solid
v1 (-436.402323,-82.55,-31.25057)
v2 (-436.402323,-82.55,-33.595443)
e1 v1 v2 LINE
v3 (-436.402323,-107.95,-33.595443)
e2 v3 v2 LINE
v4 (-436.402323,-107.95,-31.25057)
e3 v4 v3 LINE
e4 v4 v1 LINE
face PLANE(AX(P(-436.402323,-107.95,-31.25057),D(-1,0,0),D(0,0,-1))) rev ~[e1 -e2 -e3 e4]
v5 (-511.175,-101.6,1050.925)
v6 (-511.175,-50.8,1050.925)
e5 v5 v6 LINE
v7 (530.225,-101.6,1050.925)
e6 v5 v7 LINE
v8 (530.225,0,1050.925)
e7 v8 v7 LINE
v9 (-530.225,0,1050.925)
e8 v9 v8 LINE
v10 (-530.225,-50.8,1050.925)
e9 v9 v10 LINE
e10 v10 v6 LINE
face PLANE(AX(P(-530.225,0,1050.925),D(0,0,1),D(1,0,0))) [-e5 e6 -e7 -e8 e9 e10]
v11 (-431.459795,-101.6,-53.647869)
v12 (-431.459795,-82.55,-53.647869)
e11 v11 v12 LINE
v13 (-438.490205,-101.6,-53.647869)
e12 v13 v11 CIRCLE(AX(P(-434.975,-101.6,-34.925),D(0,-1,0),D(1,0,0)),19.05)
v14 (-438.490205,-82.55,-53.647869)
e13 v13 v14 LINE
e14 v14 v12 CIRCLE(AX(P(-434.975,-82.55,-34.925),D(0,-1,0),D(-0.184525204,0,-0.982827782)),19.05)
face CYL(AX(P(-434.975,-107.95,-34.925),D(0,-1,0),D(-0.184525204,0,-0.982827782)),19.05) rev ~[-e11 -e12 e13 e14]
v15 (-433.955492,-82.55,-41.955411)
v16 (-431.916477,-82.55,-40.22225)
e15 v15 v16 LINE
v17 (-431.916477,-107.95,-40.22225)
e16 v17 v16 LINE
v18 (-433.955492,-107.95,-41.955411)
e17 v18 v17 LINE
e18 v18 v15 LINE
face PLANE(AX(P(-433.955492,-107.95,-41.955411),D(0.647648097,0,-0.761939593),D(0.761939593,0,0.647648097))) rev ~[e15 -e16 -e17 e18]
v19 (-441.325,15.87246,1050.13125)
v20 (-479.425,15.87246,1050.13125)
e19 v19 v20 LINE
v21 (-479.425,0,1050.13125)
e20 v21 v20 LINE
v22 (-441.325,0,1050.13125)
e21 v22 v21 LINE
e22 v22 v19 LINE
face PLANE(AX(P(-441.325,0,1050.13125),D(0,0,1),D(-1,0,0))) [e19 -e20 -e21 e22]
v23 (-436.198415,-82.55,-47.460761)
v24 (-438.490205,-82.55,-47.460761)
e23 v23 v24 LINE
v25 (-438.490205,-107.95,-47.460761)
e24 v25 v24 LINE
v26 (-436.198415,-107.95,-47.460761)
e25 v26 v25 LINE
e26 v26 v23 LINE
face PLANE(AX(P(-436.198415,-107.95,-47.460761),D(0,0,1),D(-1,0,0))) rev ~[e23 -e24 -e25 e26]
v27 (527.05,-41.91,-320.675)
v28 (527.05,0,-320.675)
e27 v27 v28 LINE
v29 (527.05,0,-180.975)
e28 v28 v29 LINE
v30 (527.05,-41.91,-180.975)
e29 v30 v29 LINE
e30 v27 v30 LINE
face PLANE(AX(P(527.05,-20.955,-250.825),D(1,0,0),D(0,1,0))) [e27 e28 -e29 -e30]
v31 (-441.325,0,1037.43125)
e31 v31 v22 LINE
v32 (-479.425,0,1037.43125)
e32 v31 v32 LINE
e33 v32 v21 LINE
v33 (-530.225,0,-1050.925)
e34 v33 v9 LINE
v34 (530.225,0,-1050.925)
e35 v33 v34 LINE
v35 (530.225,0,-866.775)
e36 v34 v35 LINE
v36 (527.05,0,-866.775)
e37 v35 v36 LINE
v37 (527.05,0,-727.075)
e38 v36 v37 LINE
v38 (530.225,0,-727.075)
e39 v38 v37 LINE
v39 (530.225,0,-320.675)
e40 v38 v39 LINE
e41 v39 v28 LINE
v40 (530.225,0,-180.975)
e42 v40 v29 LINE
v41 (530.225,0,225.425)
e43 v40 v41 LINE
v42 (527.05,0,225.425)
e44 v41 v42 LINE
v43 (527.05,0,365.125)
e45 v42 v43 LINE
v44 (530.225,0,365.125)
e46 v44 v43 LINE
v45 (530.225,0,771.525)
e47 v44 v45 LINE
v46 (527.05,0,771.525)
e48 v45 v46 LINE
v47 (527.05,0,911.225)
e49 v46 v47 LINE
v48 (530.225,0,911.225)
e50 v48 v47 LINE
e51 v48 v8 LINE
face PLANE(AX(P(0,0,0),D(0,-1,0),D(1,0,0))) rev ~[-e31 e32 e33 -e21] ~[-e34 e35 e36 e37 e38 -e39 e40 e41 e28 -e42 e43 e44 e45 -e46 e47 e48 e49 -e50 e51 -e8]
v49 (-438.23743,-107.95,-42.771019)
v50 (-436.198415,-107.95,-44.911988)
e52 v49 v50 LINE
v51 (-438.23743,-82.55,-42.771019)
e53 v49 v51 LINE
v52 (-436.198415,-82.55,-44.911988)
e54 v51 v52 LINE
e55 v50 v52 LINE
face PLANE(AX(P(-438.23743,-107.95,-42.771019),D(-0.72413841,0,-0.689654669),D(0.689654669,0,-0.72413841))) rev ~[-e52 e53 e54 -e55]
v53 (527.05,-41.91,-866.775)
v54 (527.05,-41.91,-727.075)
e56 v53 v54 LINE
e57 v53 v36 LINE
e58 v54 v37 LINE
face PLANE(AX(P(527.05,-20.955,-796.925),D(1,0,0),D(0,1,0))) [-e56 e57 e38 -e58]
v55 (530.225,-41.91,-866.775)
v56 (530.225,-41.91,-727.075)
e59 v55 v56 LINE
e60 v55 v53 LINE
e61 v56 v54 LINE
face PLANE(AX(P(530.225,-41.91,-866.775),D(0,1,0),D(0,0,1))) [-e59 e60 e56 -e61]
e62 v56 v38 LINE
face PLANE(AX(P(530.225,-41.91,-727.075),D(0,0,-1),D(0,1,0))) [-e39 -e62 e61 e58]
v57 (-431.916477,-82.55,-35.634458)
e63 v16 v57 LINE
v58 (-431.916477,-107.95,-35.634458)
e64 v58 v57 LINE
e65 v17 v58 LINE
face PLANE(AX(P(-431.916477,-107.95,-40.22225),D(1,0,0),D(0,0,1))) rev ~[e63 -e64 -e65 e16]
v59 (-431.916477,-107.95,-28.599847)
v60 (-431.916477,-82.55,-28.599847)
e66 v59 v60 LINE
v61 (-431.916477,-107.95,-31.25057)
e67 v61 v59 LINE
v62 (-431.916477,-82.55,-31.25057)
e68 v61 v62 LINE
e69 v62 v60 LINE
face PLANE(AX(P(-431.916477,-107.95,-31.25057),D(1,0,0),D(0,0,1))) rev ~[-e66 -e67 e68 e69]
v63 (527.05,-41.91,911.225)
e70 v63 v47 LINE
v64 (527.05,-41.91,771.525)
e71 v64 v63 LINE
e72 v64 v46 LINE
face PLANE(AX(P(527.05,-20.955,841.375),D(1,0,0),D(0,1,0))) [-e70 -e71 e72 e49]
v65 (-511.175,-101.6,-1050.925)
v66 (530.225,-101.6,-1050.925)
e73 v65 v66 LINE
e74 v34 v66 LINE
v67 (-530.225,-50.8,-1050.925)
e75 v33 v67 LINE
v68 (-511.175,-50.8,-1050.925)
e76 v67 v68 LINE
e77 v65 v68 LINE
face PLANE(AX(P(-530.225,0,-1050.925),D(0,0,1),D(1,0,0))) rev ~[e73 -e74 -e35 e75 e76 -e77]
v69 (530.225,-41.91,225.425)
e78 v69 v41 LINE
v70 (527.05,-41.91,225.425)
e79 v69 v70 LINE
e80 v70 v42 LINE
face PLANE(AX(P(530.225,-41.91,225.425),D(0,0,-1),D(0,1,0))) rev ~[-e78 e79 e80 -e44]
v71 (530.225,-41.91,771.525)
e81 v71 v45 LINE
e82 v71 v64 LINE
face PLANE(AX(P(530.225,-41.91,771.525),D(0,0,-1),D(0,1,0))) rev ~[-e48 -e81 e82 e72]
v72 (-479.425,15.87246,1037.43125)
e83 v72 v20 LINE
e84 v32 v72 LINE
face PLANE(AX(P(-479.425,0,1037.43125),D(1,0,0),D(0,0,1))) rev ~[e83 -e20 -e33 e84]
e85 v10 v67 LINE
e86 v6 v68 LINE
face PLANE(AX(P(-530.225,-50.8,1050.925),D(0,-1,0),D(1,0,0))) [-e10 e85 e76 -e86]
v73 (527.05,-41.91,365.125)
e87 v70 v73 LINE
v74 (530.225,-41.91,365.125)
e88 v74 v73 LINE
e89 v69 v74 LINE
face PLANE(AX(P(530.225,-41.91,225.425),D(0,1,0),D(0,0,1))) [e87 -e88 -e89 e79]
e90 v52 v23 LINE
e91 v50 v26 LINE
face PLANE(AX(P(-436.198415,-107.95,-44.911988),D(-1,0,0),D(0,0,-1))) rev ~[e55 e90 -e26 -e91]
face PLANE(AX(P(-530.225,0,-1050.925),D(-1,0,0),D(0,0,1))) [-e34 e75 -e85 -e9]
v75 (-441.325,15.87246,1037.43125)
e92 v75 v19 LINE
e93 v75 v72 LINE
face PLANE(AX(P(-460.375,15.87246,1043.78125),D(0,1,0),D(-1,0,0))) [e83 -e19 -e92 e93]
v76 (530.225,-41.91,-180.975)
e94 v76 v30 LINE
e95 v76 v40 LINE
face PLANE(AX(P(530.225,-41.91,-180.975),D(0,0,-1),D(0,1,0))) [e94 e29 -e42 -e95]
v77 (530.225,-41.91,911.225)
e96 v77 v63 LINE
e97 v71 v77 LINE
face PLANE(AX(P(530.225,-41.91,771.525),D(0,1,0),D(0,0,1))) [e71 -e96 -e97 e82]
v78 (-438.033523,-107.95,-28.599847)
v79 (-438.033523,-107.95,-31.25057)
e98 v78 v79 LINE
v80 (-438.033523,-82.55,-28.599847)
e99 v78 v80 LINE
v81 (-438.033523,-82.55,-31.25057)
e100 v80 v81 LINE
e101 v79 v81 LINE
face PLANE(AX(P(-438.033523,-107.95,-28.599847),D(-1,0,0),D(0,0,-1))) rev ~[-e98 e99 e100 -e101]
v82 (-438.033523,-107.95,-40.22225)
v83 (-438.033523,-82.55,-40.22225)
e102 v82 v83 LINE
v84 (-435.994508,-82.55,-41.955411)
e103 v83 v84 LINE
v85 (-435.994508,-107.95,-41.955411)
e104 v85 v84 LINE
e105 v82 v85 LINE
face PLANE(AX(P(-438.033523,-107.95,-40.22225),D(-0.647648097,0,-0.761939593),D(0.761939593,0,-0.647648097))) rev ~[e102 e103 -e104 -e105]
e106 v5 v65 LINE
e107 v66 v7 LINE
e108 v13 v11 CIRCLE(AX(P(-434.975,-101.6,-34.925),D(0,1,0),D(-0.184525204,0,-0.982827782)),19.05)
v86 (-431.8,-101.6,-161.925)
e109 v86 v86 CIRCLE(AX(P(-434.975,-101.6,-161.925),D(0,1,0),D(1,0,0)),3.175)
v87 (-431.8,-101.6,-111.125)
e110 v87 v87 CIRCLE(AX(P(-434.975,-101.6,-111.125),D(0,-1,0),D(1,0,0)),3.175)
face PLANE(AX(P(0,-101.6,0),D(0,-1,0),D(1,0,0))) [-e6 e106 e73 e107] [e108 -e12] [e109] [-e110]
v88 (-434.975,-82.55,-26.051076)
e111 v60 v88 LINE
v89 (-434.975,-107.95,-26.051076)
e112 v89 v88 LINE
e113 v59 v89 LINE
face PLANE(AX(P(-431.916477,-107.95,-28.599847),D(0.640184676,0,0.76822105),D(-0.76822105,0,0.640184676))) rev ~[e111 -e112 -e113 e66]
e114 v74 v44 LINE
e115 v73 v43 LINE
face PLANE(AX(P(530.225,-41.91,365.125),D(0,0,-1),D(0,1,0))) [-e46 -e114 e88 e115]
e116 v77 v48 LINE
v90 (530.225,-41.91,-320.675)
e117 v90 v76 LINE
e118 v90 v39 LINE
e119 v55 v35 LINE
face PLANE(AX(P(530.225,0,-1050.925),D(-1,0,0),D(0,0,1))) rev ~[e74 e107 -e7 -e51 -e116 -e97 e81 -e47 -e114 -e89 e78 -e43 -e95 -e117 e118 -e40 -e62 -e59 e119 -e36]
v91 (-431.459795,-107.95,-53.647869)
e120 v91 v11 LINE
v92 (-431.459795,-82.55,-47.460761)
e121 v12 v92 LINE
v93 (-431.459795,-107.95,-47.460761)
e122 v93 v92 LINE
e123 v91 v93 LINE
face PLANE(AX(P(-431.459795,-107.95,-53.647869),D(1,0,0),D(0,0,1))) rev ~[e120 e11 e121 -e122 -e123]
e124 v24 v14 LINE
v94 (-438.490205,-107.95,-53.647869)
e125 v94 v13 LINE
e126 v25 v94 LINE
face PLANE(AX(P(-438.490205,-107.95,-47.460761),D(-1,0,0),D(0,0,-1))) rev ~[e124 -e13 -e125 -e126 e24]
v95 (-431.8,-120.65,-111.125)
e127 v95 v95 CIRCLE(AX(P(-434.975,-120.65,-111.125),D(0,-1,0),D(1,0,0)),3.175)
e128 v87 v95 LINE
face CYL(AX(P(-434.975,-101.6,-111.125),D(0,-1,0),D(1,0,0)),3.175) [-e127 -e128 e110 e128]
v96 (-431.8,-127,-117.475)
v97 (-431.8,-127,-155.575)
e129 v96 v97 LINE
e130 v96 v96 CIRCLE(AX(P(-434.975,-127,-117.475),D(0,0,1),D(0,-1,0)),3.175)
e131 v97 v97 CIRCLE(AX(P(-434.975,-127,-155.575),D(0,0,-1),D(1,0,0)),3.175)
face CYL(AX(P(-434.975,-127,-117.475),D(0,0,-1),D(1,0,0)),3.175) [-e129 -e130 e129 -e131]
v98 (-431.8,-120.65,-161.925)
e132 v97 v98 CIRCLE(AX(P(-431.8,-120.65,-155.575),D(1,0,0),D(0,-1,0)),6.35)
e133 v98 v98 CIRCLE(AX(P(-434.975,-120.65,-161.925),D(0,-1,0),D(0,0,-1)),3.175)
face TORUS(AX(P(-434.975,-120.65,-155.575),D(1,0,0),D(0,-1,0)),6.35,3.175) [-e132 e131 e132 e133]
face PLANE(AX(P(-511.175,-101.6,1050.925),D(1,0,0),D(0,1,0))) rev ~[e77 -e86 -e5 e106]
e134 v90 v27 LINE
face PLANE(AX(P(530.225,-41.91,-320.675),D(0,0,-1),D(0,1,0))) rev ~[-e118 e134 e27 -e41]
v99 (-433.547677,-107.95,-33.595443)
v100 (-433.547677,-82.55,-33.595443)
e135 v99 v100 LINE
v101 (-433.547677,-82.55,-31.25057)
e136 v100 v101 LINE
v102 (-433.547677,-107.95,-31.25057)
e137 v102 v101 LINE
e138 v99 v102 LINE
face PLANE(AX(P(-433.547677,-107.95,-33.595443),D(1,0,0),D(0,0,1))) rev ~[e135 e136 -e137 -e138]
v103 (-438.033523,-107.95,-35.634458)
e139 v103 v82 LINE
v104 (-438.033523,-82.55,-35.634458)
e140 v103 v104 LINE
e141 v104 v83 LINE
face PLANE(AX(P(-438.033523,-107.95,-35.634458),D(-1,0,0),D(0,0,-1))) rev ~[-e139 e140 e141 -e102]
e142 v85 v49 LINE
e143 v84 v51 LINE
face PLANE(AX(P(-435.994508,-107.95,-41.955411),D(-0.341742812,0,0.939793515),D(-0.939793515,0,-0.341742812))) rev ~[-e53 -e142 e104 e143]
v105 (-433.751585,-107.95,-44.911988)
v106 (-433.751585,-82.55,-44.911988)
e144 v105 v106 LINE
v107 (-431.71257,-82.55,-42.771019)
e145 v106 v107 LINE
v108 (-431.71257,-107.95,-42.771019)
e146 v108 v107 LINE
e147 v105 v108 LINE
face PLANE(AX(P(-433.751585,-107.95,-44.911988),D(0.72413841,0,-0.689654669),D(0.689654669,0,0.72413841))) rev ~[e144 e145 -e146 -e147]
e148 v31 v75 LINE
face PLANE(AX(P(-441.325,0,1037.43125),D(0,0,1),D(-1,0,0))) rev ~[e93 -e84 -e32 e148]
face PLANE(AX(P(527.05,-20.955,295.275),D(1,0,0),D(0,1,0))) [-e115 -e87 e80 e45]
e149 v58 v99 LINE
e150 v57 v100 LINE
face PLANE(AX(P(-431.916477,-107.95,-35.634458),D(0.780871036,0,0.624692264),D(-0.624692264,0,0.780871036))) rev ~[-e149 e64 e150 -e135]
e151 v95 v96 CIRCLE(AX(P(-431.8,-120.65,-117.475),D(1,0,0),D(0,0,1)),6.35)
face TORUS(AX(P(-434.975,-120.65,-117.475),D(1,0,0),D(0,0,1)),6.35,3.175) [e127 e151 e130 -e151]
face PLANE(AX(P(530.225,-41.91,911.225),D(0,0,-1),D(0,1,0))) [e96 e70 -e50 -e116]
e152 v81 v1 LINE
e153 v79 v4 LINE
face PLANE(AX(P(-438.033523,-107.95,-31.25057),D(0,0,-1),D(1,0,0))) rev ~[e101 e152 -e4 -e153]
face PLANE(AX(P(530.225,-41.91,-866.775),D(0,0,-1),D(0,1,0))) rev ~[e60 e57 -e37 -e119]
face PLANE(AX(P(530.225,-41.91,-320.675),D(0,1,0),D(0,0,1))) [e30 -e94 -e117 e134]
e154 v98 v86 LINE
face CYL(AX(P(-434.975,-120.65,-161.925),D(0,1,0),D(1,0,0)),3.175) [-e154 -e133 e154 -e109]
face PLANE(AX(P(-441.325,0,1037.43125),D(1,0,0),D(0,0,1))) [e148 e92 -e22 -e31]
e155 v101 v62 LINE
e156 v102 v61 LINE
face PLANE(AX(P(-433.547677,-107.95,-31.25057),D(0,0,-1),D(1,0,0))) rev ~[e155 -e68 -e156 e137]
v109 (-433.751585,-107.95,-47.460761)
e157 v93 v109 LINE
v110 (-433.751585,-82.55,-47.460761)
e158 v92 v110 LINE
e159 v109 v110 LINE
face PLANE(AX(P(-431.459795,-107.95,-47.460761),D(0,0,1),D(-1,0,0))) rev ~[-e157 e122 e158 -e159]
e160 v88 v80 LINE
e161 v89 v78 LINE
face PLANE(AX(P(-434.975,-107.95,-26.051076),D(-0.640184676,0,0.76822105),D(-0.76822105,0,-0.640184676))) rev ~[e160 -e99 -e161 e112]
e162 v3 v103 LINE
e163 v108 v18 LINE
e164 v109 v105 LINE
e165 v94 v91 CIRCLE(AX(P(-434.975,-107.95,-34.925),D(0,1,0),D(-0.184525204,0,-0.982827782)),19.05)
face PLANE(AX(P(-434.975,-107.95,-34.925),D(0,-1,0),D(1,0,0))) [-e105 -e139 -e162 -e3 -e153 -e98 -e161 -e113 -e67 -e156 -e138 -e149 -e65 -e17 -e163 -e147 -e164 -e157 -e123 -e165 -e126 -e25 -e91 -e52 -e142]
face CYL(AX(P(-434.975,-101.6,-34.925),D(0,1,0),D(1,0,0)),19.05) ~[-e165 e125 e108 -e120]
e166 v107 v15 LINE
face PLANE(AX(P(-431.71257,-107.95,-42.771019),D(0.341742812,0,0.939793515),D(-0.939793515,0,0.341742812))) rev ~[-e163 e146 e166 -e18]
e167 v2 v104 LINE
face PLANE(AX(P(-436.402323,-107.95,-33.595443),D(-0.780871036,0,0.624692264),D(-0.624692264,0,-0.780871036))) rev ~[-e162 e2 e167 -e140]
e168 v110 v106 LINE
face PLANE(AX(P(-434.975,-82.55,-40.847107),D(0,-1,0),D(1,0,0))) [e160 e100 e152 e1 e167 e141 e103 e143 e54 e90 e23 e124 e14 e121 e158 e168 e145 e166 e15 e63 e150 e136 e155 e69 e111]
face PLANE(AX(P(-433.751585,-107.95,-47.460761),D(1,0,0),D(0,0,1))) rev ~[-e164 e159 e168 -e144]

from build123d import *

# Parameters (mm, degrees)
F0_W      = 1060.45
F0_H      = 2101.85
F1_DEPTH  = 101.6
F2_W      = 19.05
F2_H      = 50.8
F3_DEPTH  = 2101.85
F4_W      = 41.91
F4_H      = 139.7
F5_DEPTH  = 3.175
F6_R      = 3.175
F10_W     = 38.1
F10_H     = 12.7
F11_DEPTH = 15.87246
F12_R     = 19.05
F13_DEPTH = 6.35
F15_DEPTH = 25.4


with BuildPart() as f1:
    # F0 (on Front) → F1 (new body)
    with BuildSketch(Plane.XZ):
        Rectangle(F0_W, F0_H)
    extrude(amount=F1_DEPTH)

    # F2 (on face) → F3 (cut, through all)
    with BuildSketch(Plane.XY.offset(1050.925)):
        with Locations((-520.7, -76.2)):
            Rectangle(F2_W, F2_H)
    extrude(amount=-F3_DEPTH, mode=Mode.SUBTRACT)

    # F4 (on face) → F5 (cut)
    with BuildSketch(Plane.YZ.offset(530.225)):
        with Locations((-20.955, -796.925)):
            Rectangle(F4_W, F4_H)
        with Locations((-20.955, -250.825)):
            Rectangle(F4_W, F4_H)
        with Locations((-20.955, 295.275)):
            Rectangle(F4_W, F4_H)
        with Locations((-20.955, 841.375)):
            Rectangle(F4_W, F4_H)
    extrude(amount=-F5_DEPTH, mode=Mode.SUBTRACT)

    # F9: sweep along a path in F8
    with BuildLine(Plane(origin=(-434.975, 0, 0), x_dir=(0, -1, 0), z_dir=(-1, 0, 0))) as f9_path:
        Line((101.6, -111.125), (120.65, -111.125))
        ThreePointArc((120.65, -111.125), (125.1401280605, -112.9848719395), (127, -117.475))
        Line((127, -117.475), (127, -155.575))
        ThreePointArc((127, -155.575), (125.1401280605, -160.0651280606), (120.65, -161.925))
        Line((120.65, -161.925), (101.6, -161.925))
    # F6 (on face) → F9 (sweep)
    with BuildSketch(Plane.XZ.offset(101.6)):
        with Locations((-434.975, -111.125)):
            Circle(F6_R)
    sweep(path=f9_path.line)

    # F10 (on face) → F11 (join)
    with BuildSketch(Plane(origin=(0, 0, 0), x_dir=(-1, 0, 0), z_dir=(0, 1, 0))):
        with Locations((460.375, 1043.78125)):
            Rectangle(F10_W, F10_H)
    extrude(amount=F11_DEPTH)

    # F12 (on face) → F13 (join)
    with BuildSketch(Plane.XZ.offset(101.6)):
        with Locations((-434.975, -34.925)):
            Circle(F12_R)
    extrude(amount=F13_DEPTH)

    # F14 (on face) → F15 (cut)
    with BuildSketch(Plane.XZ.offset(107.95)):
        with BuildLine():
            Line((-438.4902051281, -47.4607607431), (-438.4902051281, -53.6478692488))
            ThreePointArc((-438.4902051281, -53.6478692488), (-434.975, -53.975), (-431.4597948719, -53.6478692488))
            Line((-431.4597948719, -53.6478692488), (-431.4597948719, -47.4607607431))
            Line((-431.4597948719, -47.4607607431), (-433.7515848637, -47.4607607431))
            Line((-433.7515848637, -47.4607607431), (-433.7515848637, -44.9119880795))
            Line((-433.7515848637, -44.9119880795), (-431.7125695705, -42.7710190415))
            Line((-431.7125695705, -42.7710190415), (-433.9554923534, -41.9554114342))
            Line((-433.9554923534, -41.9554114342), (-431.9164770603, -40.2222499251))
            Line((-431.9164770603, -40.2222499251), (-431.9164770603, -35.634458065))
            Line((-431.9164770603, -35.634458065), (-433.5476773739, -33.5954427719))
            Line((-433.5476773739, -33.5954427719), (-433.5476773739, -31.2505699694))
            Line((-433.5476773739, -31.2505699694), (-431.9164770603, -31.2505699694))
            Line((-431.9164770603, -31.2505699694), (-431.9164770603, -28.5998471081))
            Line((-431.9164770603, -28.5998471081), (-434.975, -26.0510761291))
            Line((-434.975, -26.0510761291), (-438.0335229397, -28.5998471081))
            Line((-438.0335229397, -28.5998471081), (-438.0335229397, -31.2505699694))
            Line((-438.0335229397, -31.2505699694), (-436.4023226261, -31.2505699694))
            Line((-436.4023226261, -31.2505699694), (-436.4023226261, -33.5954427719))
            Line((-436.4023226261, -33.5954427719), (-438.0335229397, -35.634458065))
            Line((-438.0335229397, -35.634458065), (-438.0335229397, -40.2222499251))
            Line((-438.0335229397, -40.2222499251), (-435.9945076466, -41.9554114342))
            Line((-435.9945076466, -41.9554114342), (-438.2374304295, -42.7710190415))
            Line((-438.2374304295, -42.7710190415), (-436.1984151363, -44.9119880795))
            Line((-436.1984151363, -44.9119880795), (-436.1984151363, -47.4607607431))
            Line((-436.1984151363, -47.4607607431), (-438.4902051281, -47.4607607431))
        make_face()
    extrude(amount=-F15_DEPTH, mode=Mode.SUBTRACT)


solid = f1.part
